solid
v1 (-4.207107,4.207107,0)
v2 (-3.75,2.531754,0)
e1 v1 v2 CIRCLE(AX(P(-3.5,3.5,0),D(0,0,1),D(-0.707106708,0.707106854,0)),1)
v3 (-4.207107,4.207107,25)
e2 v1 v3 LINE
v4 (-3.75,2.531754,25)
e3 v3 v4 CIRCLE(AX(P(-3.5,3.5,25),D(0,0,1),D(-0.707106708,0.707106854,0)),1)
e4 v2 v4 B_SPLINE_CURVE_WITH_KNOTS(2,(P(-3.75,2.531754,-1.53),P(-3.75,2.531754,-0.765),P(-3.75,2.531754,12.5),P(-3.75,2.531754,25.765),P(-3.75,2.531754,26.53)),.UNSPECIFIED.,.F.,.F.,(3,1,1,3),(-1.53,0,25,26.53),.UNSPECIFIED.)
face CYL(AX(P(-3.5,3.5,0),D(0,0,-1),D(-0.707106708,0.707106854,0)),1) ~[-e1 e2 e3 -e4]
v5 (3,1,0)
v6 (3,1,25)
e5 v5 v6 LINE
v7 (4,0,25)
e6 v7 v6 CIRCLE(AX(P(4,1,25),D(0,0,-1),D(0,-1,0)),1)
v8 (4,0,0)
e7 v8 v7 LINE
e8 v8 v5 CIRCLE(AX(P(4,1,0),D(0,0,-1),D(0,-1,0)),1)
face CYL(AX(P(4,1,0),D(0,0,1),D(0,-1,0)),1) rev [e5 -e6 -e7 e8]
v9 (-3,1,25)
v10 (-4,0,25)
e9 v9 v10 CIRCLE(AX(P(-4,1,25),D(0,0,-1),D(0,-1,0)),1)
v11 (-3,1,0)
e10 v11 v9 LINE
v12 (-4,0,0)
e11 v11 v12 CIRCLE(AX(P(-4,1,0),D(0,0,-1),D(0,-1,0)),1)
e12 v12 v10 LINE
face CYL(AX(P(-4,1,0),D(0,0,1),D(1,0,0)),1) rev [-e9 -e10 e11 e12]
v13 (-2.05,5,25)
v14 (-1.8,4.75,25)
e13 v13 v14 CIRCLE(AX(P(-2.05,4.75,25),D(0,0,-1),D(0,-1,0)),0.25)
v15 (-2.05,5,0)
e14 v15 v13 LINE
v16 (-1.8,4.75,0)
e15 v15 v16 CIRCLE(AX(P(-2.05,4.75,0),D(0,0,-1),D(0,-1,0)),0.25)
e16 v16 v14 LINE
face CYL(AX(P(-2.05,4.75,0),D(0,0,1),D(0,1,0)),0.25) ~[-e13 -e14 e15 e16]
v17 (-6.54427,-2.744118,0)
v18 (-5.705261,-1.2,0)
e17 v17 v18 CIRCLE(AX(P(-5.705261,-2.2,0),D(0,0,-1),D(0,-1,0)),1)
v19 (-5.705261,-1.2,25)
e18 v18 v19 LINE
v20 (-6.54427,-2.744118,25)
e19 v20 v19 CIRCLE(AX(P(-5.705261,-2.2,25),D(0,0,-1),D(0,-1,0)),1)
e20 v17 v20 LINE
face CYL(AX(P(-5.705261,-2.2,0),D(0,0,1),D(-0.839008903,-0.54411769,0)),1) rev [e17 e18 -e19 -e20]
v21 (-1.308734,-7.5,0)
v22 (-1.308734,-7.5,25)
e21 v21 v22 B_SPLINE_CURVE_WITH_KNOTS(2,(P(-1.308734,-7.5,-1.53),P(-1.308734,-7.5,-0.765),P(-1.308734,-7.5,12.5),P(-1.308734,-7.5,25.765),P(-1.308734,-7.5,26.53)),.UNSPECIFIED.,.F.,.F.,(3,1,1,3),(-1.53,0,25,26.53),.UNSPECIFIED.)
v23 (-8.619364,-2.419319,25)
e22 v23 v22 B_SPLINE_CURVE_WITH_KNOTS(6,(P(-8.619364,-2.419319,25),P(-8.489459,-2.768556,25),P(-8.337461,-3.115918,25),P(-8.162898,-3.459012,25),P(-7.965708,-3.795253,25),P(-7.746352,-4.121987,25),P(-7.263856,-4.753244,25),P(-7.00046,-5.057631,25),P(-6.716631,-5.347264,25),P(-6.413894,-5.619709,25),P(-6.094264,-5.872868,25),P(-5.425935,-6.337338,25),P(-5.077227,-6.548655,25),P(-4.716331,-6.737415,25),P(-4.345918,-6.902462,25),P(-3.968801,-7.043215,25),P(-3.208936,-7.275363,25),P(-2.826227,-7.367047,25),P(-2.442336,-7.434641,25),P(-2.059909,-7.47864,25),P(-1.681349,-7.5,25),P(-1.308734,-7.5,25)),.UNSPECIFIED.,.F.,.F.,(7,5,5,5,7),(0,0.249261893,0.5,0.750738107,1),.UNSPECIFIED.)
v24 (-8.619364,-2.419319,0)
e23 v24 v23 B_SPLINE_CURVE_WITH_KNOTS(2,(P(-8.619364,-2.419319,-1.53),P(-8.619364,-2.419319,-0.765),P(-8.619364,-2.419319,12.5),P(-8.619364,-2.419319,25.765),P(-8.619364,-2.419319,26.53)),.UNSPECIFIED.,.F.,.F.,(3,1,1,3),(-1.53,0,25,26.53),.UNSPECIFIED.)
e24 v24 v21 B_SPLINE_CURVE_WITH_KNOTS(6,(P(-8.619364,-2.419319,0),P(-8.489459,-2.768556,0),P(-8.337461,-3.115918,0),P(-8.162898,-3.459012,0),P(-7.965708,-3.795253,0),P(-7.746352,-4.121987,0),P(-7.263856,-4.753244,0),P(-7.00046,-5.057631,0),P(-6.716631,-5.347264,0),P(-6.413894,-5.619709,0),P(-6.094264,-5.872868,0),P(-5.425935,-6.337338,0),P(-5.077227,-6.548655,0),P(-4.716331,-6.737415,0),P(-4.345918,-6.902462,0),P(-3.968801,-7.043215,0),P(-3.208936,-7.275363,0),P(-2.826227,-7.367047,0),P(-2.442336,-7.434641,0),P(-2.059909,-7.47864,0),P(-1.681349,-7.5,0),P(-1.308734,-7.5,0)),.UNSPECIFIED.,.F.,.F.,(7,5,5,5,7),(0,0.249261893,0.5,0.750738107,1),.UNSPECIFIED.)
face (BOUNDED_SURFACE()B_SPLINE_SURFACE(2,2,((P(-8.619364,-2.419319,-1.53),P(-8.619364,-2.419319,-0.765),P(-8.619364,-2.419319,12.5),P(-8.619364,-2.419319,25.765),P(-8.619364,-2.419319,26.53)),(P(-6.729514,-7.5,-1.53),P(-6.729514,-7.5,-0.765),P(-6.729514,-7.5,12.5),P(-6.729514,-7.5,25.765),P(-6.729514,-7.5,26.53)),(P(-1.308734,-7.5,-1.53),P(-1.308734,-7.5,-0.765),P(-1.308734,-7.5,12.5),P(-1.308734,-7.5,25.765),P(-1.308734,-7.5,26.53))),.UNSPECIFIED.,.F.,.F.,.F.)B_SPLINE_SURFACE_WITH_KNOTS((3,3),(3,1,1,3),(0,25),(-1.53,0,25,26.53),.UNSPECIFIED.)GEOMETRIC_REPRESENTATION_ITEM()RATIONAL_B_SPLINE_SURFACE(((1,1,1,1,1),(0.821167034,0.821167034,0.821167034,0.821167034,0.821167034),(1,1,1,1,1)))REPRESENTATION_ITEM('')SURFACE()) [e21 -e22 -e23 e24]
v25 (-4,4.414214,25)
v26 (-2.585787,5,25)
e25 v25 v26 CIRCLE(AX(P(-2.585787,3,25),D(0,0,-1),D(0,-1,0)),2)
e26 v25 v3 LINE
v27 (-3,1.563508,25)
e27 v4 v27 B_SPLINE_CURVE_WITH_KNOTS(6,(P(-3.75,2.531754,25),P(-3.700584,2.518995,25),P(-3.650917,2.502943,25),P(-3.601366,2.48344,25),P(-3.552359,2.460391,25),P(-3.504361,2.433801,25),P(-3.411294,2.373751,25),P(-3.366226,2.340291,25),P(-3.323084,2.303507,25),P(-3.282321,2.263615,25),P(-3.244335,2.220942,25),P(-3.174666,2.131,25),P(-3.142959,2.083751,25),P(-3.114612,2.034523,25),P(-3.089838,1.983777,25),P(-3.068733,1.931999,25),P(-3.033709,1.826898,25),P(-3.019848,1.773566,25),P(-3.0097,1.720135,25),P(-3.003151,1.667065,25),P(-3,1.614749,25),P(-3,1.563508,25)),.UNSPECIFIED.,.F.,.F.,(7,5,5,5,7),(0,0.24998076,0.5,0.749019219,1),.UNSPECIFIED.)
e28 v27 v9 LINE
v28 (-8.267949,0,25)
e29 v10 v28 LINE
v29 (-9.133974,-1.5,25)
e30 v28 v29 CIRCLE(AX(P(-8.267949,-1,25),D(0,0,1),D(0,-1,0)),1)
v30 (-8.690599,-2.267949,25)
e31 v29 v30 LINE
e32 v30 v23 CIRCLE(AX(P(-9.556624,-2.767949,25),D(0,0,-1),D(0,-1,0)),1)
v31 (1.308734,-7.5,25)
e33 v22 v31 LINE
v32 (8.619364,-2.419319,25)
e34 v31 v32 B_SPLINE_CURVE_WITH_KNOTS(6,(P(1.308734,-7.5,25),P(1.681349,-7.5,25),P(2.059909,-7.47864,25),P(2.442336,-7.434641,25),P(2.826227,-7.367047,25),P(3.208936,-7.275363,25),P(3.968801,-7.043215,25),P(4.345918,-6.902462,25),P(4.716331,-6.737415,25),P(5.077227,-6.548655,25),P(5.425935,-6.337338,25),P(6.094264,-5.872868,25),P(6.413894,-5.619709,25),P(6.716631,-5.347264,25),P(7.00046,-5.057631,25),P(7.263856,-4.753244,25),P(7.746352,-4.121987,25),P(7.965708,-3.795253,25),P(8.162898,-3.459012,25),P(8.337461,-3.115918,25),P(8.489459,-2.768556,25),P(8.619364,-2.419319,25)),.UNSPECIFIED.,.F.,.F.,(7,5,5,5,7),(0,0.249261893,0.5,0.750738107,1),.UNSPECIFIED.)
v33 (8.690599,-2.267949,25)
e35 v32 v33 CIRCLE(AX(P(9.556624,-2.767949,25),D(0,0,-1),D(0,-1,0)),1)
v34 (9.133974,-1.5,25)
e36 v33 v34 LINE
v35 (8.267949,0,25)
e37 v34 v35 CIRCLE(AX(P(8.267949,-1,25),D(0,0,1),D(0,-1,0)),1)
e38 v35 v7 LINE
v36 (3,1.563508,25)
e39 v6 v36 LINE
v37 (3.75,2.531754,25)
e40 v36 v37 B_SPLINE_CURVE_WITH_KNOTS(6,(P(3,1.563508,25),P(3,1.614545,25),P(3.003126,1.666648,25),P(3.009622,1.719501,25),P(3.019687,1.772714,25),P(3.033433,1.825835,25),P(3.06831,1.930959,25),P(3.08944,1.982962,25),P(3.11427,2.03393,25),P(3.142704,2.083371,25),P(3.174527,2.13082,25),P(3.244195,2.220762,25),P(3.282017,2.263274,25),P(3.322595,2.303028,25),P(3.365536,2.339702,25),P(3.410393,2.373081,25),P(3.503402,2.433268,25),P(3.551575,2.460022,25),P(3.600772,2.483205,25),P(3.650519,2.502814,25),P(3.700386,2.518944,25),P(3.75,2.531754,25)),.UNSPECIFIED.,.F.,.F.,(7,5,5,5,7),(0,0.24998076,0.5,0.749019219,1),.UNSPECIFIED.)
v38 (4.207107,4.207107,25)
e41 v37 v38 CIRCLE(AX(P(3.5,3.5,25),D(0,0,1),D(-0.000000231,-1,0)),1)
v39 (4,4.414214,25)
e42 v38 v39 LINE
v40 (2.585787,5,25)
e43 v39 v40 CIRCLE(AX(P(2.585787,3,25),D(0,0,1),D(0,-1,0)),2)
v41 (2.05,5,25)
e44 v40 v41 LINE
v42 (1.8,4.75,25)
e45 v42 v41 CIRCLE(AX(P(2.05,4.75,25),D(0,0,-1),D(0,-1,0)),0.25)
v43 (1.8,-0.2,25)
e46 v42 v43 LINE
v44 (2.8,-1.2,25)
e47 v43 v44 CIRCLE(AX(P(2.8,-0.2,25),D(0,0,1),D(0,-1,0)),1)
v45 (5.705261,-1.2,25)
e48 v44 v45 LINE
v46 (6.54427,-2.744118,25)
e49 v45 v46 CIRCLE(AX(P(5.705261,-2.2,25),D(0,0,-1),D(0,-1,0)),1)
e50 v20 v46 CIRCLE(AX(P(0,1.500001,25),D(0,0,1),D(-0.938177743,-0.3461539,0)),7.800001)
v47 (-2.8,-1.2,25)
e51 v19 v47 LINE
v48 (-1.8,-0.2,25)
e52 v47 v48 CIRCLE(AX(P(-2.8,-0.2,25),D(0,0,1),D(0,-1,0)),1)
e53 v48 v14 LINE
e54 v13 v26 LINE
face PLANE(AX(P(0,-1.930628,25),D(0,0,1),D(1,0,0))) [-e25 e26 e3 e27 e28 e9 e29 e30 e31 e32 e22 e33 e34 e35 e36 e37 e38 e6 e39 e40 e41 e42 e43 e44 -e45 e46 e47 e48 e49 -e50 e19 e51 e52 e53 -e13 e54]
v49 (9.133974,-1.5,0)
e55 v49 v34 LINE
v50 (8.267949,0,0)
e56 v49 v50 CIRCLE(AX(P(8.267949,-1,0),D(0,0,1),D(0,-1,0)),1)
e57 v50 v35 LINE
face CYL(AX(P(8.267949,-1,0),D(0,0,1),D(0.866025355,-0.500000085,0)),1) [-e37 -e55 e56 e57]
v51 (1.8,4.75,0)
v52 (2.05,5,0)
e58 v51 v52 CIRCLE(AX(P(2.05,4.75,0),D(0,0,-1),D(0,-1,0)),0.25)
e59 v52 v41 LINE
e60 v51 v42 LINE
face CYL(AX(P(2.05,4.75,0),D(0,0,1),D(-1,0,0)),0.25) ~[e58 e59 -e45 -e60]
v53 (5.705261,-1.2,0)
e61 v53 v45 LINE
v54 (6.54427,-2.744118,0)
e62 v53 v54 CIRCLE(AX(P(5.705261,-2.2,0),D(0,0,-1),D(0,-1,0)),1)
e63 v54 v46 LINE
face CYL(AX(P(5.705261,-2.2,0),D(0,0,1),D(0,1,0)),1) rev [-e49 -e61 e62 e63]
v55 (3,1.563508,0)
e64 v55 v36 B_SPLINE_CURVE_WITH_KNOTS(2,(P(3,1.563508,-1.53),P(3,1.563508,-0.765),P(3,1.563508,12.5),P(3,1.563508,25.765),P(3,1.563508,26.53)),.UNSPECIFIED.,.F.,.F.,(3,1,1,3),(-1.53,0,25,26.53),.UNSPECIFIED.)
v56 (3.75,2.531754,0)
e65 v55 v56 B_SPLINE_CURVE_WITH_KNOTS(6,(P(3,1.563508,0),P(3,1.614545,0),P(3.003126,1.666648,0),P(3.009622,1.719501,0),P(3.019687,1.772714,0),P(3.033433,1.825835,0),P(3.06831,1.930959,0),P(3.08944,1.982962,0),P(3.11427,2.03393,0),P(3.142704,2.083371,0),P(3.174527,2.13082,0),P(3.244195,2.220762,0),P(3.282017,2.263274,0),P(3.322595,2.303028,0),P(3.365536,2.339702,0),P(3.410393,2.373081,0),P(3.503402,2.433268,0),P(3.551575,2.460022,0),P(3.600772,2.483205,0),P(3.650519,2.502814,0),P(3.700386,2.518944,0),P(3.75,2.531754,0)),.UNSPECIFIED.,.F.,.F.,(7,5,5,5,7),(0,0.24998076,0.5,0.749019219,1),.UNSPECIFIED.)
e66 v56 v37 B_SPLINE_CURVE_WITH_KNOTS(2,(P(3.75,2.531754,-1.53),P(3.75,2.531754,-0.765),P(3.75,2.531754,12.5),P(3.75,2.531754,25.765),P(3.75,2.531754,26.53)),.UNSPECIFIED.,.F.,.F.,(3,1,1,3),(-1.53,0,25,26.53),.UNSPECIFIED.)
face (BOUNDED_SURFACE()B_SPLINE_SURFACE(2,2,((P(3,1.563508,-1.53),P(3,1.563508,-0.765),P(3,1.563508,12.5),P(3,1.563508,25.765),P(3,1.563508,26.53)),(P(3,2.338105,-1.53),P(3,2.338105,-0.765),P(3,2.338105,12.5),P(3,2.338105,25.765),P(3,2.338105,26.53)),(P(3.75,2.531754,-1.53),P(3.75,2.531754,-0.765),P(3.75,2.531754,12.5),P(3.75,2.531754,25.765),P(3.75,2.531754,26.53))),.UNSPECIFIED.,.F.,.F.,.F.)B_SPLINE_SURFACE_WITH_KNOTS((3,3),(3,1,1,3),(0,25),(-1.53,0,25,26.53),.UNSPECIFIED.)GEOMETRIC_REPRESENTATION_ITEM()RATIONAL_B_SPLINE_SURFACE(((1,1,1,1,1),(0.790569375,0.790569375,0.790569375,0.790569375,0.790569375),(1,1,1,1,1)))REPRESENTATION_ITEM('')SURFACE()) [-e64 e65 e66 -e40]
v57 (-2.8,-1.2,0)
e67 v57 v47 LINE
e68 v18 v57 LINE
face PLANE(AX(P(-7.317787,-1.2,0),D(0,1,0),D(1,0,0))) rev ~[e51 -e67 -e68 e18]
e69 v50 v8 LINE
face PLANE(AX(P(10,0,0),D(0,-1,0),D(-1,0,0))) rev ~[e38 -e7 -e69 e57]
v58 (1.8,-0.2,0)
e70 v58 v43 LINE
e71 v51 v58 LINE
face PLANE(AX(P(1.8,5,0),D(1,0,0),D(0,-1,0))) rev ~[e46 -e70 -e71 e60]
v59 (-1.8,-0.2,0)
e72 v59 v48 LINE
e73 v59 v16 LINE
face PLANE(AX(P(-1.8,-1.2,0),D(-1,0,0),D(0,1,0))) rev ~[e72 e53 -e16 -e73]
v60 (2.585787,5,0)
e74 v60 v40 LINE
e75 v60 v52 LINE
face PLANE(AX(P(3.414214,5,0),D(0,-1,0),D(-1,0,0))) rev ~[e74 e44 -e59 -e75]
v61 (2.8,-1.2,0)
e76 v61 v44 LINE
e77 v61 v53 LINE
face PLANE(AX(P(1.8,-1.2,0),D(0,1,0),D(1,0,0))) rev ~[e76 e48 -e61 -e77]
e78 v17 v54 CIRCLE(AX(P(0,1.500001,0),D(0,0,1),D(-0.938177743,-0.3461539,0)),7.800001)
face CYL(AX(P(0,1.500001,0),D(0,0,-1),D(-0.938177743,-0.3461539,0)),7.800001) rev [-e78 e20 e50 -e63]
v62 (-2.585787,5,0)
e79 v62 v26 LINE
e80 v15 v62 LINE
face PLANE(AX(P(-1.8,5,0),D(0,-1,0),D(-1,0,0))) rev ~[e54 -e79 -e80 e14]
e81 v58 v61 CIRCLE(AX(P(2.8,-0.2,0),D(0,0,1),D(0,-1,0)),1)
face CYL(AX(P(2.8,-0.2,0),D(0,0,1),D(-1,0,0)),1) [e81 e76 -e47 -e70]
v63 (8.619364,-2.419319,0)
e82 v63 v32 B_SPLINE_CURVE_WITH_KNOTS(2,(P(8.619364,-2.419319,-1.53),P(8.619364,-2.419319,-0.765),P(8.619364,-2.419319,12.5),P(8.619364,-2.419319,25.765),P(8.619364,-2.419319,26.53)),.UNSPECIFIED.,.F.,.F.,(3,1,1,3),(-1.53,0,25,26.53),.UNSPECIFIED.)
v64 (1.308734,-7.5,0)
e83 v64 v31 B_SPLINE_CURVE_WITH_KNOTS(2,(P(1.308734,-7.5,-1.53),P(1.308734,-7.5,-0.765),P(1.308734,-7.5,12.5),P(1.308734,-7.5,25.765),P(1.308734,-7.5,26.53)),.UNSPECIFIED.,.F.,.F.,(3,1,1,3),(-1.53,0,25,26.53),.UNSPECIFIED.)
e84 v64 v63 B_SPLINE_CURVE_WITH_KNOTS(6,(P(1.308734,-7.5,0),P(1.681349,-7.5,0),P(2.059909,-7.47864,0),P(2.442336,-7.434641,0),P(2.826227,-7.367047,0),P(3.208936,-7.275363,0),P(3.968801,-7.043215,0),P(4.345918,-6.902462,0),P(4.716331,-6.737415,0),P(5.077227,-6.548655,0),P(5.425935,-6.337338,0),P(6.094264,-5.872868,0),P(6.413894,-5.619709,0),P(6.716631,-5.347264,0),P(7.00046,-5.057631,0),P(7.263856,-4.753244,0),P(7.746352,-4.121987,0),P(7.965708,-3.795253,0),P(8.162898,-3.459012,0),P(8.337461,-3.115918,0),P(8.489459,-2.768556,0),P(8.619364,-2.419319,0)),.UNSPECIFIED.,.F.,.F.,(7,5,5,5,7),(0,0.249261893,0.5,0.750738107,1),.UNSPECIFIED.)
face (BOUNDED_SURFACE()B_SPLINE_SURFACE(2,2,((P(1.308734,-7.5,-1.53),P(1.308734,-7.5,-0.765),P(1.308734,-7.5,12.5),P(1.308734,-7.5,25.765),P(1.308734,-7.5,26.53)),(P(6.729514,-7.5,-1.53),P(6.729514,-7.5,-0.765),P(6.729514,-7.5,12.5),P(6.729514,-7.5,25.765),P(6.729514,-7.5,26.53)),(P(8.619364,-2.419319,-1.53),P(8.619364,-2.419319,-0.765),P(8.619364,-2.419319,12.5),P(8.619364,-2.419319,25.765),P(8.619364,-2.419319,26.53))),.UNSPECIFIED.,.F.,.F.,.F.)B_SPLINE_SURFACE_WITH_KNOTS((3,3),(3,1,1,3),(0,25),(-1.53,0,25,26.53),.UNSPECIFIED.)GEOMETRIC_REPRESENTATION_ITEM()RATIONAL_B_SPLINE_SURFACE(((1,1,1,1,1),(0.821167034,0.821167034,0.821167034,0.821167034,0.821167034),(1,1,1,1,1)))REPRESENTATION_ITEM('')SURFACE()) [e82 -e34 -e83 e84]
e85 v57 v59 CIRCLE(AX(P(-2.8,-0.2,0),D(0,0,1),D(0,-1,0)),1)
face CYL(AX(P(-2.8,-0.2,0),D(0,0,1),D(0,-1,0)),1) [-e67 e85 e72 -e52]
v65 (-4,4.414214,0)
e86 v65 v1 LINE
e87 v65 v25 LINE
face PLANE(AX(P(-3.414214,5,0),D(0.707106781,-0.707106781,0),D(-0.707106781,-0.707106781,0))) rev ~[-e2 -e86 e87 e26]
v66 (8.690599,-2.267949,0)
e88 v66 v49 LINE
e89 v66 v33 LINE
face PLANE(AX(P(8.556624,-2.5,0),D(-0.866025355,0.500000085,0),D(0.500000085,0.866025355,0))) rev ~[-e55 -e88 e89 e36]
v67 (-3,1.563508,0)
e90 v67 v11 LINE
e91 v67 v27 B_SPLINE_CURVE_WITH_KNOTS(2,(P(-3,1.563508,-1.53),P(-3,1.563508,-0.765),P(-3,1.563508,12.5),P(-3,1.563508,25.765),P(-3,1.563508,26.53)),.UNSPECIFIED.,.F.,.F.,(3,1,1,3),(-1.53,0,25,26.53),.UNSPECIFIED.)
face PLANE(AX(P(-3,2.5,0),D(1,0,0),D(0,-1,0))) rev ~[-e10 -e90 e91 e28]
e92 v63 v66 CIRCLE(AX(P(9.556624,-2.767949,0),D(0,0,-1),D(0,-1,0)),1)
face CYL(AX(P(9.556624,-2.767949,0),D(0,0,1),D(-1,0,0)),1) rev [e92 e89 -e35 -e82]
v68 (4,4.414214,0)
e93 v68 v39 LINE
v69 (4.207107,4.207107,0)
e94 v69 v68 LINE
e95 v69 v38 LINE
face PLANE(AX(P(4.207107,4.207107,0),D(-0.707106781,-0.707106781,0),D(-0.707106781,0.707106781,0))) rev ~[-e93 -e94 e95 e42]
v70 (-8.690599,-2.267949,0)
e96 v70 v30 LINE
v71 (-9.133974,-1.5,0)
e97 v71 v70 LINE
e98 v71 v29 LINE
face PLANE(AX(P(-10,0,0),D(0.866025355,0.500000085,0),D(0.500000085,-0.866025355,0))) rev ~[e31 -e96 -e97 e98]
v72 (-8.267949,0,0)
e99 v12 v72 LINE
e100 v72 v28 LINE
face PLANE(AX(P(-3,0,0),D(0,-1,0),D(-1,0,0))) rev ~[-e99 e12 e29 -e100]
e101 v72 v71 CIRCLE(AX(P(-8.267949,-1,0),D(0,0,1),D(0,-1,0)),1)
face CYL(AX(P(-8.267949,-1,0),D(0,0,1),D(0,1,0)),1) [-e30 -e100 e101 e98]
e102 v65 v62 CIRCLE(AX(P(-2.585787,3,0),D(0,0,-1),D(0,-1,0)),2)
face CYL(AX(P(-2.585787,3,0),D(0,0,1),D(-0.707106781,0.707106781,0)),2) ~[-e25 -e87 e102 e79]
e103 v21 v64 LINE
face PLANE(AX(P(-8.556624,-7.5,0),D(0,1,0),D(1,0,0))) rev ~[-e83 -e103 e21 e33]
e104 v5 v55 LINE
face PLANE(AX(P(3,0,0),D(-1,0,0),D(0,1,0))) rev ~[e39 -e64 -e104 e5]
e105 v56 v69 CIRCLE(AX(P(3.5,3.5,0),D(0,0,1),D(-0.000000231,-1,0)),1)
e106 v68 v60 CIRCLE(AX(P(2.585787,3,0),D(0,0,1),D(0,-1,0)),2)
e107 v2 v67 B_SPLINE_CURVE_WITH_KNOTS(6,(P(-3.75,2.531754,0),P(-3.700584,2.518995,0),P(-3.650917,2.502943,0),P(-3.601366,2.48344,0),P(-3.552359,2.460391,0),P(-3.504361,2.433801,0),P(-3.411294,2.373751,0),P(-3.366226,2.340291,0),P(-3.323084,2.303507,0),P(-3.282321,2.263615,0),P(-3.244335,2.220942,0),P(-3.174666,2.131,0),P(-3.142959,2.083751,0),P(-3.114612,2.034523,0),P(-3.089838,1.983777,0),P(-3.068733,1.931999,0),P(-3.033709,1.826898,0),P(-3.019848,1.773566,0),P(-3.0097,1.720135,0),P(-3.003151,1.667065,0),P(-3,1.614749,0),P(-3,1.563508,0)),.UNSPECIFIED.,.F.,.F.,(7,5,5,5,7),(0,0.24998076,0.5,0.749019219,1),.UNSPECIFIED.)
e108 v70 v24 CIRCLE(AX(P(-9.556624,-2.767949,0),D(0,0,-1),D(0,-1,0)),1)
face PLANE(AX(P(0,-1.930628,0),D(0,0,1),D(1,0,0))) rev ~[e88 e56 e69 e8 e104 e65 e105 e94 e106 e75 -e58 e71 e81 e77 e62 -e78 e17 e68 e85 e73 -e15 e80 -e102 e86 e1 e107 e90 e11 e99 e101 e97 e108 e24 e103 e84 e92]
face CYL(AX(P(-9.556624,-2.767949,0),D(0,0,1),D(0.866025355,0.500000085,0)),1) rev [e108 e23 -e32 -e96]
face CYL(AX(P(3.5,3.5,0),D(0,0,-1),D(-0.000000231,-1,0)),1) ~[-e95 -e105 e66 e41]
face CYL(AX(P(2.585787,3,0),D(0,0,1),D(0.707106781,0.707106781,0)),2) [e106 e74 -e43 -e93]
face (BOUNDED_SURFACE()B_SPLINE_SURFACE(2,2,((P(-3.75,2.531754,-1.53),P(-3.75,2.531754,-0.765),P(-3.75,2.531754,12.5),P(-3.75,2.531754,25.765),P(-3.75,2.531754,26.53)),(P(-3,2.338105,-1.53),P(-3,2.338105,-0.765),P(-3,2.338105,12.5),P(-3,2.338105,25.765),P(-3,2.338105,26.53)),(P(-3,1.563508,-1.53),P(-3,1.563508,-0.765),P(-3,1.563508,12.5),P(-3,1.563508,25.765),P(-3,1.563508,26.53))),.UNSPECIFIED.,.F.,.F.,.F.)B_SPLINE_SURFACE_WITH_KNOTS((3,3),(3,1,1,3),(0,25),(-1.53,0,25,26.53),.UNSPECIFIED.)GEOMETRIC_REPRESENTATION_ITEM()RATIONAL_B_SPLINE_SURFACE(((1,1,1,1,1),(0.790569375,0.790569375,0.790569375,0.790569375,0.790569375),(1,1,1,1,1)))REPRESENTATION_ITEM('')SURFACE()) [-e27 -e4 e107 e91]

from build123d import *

# Parameters (mm, degrees)
PAD_DEPTH   = 25
FILLET_R    = 1
FILLET001_R = 7.8
FILLET002_R = 2
FILLET003_R = 0.25


with BuildPart() as part:
    # Sketch → Pad (new body)
    with BuildSketch(Plane.XY):
        with BuildLine():
            Line((-1.8, 5), (-3.414214, 5))
            Line((-3.414214, 5), (-4.207107, 4.207107))
            ThreePointArc((-4.207107, 4.207107), (-4.42388, 3.117317), (-3.5, 2.5))
            Line((-3.5, 2.5), (-3, 2.5))
            Line((-3, 2.5), (-3, 0))
            Line((-3, 0), (-10, 0))
            Line((-10, 0), (-8.556624, -2.5))
            Line((-8.556624, -2.5), (-8.556624, -7.5))
            Line((-8.556624, -7.5), (8.556624, -7.5))
            Line((8.556624, -7.5), (8.556624, -2.5))
            Line((8.556624, -2.5), (10, 0))
            Line((10, 0), (3, 0))
            Line((3, 0), (3, 2.5))
            Line((3, 2.5), (3.5, 2.5))
            ThreePointArc((3.5, 2.5), (4.42388, 3.117317), (4.207107, 4.207107))
            Line((4.207107, 4.207107), (3.414214, 5))
            Line((3.414214, 5), (1.8, 5))
            Line((1.8, 5), (1.8, -1.2))
            Line((1.8, -1.2), (7.317787, -1.2))
            ThreePointArc((-7.317787, -1.2), (0, -6.3), (7.317787, -1.2))
            Line((-7.317787, -1.2), (-1.8, -1.2))
            Line((-1.8, -1.2), (-1.8, 5))
        make_face()
    extrude(amount=PAD_DEPTH)

    # Fillet
    fillet_edges = [part.edges().sort_by_distance(p)[0] for p in [
        (-8.556624, -2.5, 12.5),
        (8.556624, -2.5, 12.5),
        (10, 0, 12.5),
        (-10, 0, 12.5),
        (7.317787, -1.2, 12.5),
        (-7.317787, -1.2, 12.5),
        (1.8, -1.2, 12.5),
        (-1.8, -1.2, 12.5),
        (3, 0, 12.5),
        (-3, 0, 12.5),
        (3, 2.5, 12.5),
        (-3, 2.5, 12.5),
    ]]
    fillet(fillet_edges, radius=FILLET_R)

    # Fillet001
    fillet001_edges = [part.edges().sort_by_distance(p)[0] for p in [
        (-8.556624, -7.5, 12.5),
        (8.556624, -7.5, 12.5),
    ]]
    fillet(fillet001_edges, radius=FILLET001_R)

    # Fillet002
    fillet002_edges = [part.edges().sort_by_distance(p)[0] for p in [
        (-3.414214, 5, 12.5),
        (3.414214, 5, 12.5),
    ]]
    fillet(fillet002_edges, radius=FILLET002_R)

    # Fillet003
    fillet003_edges = [part.edges().sort_by_distance(p)[0] for p in [
        (-1.8, 5, 12.5),
        (1.8, 5, 12.5),
    ]]
    fillet(fillet003_edges, radius=FILLET003_R)


solid = part.part
